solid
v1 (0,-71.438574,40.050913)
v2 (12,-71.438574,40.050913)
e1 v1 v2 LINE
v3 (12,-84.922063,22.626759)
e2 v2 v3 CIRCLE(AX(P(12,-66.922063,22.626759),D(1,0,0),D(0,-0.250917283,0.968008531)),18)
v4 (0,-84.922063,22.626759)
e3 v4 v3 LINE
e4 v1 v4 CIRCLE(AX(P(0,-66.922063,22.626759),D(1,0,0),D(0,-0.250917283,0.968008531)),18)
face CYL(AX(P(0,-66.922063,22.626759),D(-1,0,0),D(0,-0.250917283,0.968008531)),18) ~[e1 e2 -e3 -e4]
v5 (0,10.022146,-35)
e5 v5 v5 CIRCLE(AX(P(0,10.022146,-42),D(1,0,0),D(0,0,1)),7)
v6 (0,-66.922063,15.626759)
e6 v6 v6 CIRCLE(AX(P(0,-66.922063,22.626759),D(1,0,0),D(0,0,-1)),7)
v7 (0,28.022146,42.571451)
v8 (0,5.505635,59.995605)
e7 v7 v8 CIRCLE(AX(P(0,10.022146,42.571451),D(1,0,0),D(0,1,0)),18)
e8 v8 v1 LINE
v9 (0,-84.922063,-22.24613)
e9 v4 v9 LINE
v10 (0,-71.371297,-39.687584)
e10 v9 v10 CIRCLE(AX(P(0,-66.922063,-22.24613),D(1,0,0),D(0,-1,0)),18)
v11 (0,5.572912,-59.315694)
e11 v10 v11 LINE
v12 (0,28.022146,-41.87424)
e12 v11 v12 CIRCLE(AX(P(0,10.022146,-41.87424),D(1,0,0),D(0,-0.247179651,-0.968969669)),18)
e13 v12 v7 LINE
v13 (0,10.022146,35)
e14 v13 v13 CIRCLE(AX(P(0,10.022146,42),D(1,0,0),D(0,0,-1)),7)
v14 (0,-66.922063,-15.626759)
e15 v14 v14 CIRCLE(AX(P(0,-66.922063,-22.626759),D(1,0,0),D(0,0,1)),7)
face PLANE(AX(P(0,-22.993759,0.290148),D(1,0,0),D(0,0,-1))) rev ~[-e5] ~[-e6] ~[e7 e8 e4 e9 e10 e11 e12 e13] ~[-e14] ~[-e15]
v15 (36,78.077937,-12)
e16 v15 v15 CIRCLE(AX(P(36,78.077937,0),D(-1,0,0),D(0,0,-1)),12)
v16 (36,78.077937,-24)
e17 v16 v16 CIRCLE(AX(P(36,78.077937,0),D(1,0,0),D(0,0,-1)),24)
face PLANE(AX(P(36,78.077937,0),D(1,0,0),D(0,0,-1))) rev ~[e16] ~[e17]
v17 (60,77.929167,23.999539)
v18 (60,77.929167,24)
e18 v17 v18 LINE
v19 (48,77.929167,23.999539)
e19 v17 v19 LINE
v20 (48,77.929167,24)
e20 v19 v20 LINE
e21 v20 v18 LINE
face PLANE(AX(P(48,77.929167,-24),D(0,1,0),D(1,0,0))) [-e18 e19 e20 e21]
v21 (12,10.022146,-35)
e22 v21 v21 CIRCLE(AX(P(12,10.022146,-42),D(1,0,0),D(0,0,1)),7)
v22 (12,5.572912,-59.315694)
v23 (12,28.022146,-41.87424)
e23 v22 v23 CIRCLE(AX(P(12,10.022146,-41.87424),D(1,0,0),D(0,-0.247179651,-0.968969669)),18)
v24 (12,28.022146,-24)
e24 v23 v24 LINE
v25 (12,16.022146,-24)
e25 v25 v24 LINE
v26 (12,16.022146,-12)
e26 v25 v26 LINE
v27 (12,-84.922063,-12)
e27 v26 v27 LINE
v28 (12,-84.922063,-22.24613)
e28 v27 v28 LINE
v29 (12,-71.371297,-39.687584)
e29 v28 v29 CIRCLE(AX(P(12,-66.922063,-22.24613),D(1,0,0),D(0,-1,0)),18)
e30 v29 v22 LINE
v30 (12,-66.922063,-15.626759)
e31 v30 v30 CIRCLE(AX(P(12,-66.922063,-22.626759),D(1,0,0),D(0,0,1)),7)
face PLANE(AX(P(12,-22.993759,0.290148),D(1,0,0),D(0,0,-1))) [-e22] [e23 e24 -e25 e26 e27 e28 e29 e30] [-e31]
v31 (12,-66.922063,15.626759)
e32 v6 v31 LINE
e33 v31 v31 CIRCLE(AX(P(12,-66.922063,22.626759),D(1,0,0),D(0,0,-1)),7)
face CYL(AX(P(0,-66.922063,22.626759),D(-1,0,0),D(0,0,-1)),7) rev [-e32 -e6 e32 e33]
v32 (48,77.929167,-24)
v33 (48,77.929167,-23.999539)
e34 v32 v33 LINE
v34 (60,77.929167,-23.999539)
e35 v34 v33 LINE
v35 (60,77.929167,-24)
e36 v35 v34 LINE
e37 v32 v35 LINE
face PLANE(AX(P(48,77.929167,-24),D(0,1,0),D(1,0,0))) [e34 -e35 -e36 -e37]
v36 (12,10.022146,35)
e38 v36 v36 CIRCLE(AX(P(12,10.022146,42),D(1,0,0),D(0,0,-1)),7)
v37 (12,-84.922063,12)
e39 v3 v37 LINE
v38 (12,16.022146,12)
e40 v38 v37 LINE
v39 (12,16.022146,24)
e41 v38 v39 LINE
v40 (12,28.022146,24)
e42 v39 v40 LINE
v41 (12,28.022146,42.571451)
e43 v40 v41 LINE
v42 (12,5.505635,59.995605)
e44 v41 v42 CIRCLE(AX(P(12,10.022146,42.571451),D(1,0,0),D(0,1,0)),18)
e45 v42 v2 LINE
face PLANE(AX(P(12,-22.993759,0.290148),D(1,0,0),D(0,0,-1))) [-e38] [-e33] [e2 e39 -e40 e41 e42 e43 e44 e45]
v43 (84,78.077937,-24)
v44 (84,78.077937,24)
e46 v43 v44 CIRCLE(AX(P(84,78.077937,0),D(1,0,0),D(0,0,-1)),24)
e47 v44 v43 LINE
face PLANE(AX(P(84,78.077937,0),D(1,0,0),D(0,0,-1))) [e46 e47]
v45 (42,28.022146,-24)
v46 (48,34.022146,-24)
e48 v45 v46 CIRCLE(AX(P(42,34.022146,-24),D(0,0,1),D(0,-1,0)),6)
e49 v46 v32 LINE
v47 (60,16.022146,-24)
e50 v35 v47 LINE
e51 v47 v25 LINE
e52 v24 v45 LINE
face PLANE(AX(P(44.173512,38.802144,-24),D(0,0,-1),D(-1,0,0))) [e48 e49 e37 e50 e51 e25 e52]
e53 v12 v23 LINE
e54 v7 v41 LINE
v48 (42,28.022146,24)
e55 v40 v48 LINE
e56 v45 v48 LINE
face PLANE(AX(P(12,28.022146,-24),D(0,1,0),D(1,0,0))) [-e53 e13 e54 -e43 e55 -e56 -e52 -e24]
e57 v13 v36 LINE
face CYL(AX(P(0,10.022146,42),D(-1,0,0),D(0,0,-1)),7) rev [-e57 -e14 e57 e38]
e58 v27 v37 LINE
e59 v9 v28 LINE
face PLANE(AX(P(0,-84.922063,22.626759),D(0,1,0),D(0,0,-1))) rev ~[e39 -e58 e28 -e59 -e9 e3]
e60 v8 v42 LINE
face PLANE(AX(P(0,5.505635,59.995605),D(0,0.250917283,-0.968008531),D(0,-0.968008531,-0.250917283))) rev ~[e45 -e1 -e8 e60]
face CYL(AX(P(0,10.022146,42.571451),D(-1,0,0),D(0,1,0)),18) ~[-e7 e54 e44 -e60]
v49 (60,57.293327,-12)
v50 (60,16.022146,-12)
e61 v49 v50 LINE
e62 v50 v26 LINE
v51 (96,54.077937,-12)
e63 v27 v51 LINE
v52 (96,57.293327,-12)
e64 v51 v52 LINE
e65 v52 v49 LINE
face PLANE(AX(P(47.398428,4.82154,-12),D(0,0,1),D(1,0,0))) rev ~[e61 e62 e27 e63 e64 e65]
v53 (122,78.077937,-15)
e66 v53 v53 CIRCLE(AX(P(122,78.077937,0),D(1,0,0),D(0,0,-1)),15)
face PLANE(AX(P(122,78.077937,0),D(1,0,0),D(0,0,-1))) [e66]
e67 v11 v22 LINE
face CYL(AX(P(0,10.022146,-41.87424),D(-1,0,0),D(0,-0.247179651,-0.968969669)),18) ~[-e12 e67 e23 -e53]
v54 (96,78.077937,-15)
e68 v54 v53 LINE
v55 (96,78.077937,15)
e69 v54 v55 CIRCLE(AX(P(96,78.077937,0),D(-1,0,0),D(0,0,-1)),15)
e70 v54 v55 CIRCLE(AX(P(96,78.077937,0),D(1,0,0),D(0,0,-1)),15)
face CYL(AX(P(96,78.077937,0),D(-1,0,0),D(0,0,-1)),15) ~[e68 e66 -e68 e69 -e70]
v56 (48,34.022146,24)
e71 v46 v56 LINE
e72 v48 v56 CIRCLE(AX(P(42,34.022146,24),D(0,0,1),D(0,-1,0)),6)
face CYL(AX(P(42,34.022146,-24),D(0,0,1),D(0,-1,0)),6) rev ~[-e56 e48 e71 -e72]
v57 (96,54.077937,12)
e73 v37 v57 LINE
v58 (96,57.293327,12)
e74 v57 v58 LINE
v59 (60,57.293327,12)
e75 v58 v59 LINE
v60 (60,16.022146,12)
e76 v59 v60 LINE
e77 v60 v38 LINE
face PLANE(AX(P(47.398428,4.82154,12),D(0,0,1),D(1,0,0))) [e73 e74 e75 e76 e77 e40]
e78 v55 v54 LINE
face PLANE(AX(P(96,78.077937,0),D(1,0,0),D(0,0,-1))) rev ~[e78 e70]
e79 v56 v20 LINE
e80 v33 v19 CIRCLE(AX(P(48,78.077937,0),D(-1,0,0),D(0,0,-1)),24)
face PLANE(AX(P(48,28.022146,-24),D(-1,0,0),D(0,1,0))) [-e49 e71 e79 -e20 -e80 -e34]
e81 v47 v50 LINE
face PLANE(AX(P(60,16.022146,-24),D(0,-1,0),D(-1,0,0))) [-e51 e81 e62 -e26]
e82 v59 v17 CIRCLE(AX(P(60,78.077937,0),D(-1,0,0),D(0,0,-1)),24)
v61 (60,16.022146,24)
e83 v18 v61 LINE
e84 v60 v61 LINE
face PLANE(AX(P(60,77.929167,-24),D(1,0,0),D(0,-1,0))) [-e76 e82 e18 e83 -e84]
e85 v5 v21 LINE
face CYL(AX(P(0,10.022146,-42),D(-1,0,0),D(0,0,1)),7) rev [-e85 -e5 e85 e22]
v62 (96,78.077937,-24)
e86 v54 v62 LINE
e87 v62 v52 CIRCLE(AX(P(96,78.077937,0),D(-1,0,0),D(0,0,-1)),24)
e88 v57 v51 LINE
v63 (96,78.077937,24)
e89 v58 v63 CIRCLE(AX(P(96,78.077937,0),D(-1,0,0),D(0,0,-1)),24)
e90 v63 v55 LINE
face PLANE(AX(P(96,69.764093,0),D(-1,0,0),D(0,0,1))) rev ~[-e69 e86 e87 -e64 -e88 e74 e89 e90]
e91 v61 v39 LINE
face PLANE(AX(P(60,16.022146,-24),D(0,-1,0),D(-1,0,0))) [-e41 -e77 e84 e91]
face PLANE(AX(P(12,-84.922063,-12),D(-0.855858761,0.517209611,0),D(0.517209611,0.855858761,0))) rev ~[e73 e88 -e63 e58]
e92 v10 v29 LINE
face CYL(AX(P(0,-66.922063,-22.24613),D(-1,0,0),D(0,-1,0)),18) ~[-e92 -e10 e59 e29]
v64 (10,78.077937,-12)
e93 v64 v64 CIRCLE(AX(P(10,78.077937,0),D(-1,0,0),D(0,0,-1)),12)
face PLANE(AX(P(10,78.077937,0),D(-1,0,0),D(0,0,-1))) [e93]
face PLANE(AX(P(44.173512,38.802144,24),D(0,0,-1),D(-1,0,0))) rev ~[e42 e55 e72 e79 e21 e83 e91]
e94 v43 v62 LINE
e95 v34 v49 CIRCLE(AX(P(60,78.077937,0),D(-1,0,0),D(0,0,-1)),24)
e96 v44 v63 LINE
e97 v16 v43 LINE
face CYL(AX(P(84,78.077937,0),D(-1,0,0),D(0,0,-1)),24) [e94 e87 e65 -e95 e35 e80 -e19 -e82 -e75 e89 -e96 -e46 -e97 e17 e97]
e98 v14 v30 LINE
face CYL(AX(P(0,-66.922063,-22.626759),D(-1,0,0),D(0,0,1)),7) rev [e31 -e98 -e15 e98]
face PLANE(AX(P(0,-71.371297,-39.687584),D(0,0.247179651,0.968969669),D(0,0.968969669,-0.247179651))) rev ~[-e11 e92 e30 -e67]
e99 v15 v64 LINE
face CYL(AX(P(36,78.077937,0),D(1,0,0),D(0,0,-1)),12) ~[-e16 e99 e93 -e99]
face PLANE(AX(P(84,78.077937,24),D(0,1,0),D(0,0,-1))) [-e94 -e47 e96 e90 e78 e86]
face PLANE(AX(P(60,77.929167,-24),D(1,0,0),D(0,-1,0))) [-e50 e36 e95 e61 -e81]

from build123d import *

# Parameters (mm, degrees)
SKETCH1_R                = 7
BOSS_EXTRUDE1_DEPTH      = 12
SKETCH2_R                = 24
BOSS_EXTRUDE2_DEPTH      = 48
BOSS_EXTRUDE3_DEPTH      = 12
SKETCH4_R                = 15
BOSS_EXTRUDE4_DEPTH      = 26
SKETCH5_R                = 12
BOSS_EXTRUDE5_DEPTH      = 26
BOSS_EXTRUDE6_DEPTH      = 24
BOSS_EXTRUDE6_DEPTH_BACK = 24
FILLET2_R                = 6
BOSS_EXTRUDE8_DEPTH      = 12
BOSS_EXTRUDE8_DEPTH_BACK = 12


with BuildPart() as part:
    # Sketch1 → Boss-Extrude1 (new body)
    with BuildSketch(Plane(origin=(0, 0, 0), x_dir=(0, 0, -1), z_dir=(1, 0, 0))):
        with BuildLine():
            Line((-59.995604766, 5.505634955), (-40.05091289, -71.438574032))
            ThreePointArc((-40.05091289, -71.438574032), (-33.642720476, -81.157532712), (-22.626759324, -84.92206293))
            Line((-22.626759324, -84.92206293), (22.246130308, -84.92206293))
            ThreePointArc((22.246130308, -84.92206293), (33.289539949, -81.136249628), (39.687584355, -71.371296652))
            Line((39.687584355, -71.371296652), (59.315693821, 5.572912335))
            ThreePointArc((59.315693821, 5.572912335), (56.088426472, 21.065555698), (41.874239774, 28.022146056))
            Line((41.874239774, 28.022146056), (-42.571451201, 28.022146056))
            ThreePointArc((-42.571451201, 28.022146056), (-56.806920983, 21.038107208), (-59.995604766, 5.505634955))
        make_face()
        with Locations((-42, 10.022146056)):
            Circle(SKETCH1_R, mode=Mode.SUBTRACT)
        with Locations((-22.626759324, -66.92206293)):
            Circle(SKETCH1_R, mode=Mode.SUBTRACT)
        with Locations((42, 10.022146056)):
            Circle(SKETCH1_R, mode=Mode.SUBTRACT)
        with Locations((22.626759324, -66.92206293)):
            Circle(SKETCH1_R, mode=Mode.SUBTRACT)
    extrude(amount=BOSS_EXTRUDE1_DEPTH)



with BuildPart() as body_2:
    # Sketch2 → Boss-Extrude2 (new body)
    with BuildSketch(Plane(origin=(36, 0, 0), x_dir=(0, 0, -1), z_dir=(1, 0, 0))):
        with Locations((0, 78.07793707)):
            Circle(SKETCH2_R)
    extrude(amount=BOSS_EXTRUDE2_DEPTH)

    # Sketch3 → Boss-Extrude3 (add)
    with BuildSketch(Plane(origin=(84, 0, 0), x_dir=(0, 0, -1), z_dir=(1, 0, 0))):
        with BuildLine():
            Line((-24, 78.07793707), (24, 78.07793707))
            ThreePointArc((24, 78.07793707), (0, 54.07793707), (-24, 78.07793707))
        make_face()
    extrude(amount=BOSS_EXTRUDE3_DEPTH)

    # Sketch4 → Boss-Extrude4 (add)
    with BuildSketch(Plane(origin=(96, 0, 0), x_dir=(0, 0, -1), z_dir=(1, 0, 0))):
        with Locations((0, 78.07793707)):
            Circle(SKETCH4_R)
    extrude(amount=BOSS_EXTRUDE4_DEPTH)

    # Sketch5 → Boss-Extrude5 (add)
    with BuildSketch(Plane.ZY.offset(-36)):
        with Locations((0, 78.07793707)):
            Circle(SKETCH5_R)
    extrude(amount=BOSS_EXTRUDE5_DEPTH)


with BuildPart() as part_1:
    add(part.part)

    add(body_2.part)  # Boss-Extrude6 merges body 2
    # Sketch6 → Boss-Extrude6 (add, two sides: drawn at the far end of the back side and taken through both)
    with BuildSketch(Plane.XY.offset(-BOSS_EXTRUDE6_DEPTH_BACK)):
        Polygon((12, 28.022146056), (48, 28.022146056), (48, 77.929166674), (60, 77.929166674), (60, 16.022146056), (12, 16.022146056), align=None)
    extrude(amount=BOSS_EXTRUDE6_DEPTH + BOSS_EXTRUDE6_DEPTH_BACK)

    # Fillet2
    fillet2_edges = [part_1.edges().sort_by_distance(p)[0] for p in [
        (48, 28.022146056, 0),
    ]]
    fillet(fillet2_edges, radius=FILLET2_R)

    # Sketch8 → Boss-Extrude8 (add, two sides: drawn at the far end of the back side and taken through both)
    with BuildSketch(Plane.XY.offset(-BOSS_EXTRUDE8_DEPTH_BACK)):
        Polygon((54, 16.022146056), (12, 16.022146056), (12, 5.505634955), (12, -84.92206293), (96, 54.07793707), (96, 78.07793707), (60, 77.929166674), (60, 54.07793707), (60, 22.022146056), (60, 16.022146056), align=None)
    extrude(amount=BOSS_EXTRUDE8_DEPTH + BOSS_EXTRUDE8_DEPTH_BACK)


solid = part_1.part
